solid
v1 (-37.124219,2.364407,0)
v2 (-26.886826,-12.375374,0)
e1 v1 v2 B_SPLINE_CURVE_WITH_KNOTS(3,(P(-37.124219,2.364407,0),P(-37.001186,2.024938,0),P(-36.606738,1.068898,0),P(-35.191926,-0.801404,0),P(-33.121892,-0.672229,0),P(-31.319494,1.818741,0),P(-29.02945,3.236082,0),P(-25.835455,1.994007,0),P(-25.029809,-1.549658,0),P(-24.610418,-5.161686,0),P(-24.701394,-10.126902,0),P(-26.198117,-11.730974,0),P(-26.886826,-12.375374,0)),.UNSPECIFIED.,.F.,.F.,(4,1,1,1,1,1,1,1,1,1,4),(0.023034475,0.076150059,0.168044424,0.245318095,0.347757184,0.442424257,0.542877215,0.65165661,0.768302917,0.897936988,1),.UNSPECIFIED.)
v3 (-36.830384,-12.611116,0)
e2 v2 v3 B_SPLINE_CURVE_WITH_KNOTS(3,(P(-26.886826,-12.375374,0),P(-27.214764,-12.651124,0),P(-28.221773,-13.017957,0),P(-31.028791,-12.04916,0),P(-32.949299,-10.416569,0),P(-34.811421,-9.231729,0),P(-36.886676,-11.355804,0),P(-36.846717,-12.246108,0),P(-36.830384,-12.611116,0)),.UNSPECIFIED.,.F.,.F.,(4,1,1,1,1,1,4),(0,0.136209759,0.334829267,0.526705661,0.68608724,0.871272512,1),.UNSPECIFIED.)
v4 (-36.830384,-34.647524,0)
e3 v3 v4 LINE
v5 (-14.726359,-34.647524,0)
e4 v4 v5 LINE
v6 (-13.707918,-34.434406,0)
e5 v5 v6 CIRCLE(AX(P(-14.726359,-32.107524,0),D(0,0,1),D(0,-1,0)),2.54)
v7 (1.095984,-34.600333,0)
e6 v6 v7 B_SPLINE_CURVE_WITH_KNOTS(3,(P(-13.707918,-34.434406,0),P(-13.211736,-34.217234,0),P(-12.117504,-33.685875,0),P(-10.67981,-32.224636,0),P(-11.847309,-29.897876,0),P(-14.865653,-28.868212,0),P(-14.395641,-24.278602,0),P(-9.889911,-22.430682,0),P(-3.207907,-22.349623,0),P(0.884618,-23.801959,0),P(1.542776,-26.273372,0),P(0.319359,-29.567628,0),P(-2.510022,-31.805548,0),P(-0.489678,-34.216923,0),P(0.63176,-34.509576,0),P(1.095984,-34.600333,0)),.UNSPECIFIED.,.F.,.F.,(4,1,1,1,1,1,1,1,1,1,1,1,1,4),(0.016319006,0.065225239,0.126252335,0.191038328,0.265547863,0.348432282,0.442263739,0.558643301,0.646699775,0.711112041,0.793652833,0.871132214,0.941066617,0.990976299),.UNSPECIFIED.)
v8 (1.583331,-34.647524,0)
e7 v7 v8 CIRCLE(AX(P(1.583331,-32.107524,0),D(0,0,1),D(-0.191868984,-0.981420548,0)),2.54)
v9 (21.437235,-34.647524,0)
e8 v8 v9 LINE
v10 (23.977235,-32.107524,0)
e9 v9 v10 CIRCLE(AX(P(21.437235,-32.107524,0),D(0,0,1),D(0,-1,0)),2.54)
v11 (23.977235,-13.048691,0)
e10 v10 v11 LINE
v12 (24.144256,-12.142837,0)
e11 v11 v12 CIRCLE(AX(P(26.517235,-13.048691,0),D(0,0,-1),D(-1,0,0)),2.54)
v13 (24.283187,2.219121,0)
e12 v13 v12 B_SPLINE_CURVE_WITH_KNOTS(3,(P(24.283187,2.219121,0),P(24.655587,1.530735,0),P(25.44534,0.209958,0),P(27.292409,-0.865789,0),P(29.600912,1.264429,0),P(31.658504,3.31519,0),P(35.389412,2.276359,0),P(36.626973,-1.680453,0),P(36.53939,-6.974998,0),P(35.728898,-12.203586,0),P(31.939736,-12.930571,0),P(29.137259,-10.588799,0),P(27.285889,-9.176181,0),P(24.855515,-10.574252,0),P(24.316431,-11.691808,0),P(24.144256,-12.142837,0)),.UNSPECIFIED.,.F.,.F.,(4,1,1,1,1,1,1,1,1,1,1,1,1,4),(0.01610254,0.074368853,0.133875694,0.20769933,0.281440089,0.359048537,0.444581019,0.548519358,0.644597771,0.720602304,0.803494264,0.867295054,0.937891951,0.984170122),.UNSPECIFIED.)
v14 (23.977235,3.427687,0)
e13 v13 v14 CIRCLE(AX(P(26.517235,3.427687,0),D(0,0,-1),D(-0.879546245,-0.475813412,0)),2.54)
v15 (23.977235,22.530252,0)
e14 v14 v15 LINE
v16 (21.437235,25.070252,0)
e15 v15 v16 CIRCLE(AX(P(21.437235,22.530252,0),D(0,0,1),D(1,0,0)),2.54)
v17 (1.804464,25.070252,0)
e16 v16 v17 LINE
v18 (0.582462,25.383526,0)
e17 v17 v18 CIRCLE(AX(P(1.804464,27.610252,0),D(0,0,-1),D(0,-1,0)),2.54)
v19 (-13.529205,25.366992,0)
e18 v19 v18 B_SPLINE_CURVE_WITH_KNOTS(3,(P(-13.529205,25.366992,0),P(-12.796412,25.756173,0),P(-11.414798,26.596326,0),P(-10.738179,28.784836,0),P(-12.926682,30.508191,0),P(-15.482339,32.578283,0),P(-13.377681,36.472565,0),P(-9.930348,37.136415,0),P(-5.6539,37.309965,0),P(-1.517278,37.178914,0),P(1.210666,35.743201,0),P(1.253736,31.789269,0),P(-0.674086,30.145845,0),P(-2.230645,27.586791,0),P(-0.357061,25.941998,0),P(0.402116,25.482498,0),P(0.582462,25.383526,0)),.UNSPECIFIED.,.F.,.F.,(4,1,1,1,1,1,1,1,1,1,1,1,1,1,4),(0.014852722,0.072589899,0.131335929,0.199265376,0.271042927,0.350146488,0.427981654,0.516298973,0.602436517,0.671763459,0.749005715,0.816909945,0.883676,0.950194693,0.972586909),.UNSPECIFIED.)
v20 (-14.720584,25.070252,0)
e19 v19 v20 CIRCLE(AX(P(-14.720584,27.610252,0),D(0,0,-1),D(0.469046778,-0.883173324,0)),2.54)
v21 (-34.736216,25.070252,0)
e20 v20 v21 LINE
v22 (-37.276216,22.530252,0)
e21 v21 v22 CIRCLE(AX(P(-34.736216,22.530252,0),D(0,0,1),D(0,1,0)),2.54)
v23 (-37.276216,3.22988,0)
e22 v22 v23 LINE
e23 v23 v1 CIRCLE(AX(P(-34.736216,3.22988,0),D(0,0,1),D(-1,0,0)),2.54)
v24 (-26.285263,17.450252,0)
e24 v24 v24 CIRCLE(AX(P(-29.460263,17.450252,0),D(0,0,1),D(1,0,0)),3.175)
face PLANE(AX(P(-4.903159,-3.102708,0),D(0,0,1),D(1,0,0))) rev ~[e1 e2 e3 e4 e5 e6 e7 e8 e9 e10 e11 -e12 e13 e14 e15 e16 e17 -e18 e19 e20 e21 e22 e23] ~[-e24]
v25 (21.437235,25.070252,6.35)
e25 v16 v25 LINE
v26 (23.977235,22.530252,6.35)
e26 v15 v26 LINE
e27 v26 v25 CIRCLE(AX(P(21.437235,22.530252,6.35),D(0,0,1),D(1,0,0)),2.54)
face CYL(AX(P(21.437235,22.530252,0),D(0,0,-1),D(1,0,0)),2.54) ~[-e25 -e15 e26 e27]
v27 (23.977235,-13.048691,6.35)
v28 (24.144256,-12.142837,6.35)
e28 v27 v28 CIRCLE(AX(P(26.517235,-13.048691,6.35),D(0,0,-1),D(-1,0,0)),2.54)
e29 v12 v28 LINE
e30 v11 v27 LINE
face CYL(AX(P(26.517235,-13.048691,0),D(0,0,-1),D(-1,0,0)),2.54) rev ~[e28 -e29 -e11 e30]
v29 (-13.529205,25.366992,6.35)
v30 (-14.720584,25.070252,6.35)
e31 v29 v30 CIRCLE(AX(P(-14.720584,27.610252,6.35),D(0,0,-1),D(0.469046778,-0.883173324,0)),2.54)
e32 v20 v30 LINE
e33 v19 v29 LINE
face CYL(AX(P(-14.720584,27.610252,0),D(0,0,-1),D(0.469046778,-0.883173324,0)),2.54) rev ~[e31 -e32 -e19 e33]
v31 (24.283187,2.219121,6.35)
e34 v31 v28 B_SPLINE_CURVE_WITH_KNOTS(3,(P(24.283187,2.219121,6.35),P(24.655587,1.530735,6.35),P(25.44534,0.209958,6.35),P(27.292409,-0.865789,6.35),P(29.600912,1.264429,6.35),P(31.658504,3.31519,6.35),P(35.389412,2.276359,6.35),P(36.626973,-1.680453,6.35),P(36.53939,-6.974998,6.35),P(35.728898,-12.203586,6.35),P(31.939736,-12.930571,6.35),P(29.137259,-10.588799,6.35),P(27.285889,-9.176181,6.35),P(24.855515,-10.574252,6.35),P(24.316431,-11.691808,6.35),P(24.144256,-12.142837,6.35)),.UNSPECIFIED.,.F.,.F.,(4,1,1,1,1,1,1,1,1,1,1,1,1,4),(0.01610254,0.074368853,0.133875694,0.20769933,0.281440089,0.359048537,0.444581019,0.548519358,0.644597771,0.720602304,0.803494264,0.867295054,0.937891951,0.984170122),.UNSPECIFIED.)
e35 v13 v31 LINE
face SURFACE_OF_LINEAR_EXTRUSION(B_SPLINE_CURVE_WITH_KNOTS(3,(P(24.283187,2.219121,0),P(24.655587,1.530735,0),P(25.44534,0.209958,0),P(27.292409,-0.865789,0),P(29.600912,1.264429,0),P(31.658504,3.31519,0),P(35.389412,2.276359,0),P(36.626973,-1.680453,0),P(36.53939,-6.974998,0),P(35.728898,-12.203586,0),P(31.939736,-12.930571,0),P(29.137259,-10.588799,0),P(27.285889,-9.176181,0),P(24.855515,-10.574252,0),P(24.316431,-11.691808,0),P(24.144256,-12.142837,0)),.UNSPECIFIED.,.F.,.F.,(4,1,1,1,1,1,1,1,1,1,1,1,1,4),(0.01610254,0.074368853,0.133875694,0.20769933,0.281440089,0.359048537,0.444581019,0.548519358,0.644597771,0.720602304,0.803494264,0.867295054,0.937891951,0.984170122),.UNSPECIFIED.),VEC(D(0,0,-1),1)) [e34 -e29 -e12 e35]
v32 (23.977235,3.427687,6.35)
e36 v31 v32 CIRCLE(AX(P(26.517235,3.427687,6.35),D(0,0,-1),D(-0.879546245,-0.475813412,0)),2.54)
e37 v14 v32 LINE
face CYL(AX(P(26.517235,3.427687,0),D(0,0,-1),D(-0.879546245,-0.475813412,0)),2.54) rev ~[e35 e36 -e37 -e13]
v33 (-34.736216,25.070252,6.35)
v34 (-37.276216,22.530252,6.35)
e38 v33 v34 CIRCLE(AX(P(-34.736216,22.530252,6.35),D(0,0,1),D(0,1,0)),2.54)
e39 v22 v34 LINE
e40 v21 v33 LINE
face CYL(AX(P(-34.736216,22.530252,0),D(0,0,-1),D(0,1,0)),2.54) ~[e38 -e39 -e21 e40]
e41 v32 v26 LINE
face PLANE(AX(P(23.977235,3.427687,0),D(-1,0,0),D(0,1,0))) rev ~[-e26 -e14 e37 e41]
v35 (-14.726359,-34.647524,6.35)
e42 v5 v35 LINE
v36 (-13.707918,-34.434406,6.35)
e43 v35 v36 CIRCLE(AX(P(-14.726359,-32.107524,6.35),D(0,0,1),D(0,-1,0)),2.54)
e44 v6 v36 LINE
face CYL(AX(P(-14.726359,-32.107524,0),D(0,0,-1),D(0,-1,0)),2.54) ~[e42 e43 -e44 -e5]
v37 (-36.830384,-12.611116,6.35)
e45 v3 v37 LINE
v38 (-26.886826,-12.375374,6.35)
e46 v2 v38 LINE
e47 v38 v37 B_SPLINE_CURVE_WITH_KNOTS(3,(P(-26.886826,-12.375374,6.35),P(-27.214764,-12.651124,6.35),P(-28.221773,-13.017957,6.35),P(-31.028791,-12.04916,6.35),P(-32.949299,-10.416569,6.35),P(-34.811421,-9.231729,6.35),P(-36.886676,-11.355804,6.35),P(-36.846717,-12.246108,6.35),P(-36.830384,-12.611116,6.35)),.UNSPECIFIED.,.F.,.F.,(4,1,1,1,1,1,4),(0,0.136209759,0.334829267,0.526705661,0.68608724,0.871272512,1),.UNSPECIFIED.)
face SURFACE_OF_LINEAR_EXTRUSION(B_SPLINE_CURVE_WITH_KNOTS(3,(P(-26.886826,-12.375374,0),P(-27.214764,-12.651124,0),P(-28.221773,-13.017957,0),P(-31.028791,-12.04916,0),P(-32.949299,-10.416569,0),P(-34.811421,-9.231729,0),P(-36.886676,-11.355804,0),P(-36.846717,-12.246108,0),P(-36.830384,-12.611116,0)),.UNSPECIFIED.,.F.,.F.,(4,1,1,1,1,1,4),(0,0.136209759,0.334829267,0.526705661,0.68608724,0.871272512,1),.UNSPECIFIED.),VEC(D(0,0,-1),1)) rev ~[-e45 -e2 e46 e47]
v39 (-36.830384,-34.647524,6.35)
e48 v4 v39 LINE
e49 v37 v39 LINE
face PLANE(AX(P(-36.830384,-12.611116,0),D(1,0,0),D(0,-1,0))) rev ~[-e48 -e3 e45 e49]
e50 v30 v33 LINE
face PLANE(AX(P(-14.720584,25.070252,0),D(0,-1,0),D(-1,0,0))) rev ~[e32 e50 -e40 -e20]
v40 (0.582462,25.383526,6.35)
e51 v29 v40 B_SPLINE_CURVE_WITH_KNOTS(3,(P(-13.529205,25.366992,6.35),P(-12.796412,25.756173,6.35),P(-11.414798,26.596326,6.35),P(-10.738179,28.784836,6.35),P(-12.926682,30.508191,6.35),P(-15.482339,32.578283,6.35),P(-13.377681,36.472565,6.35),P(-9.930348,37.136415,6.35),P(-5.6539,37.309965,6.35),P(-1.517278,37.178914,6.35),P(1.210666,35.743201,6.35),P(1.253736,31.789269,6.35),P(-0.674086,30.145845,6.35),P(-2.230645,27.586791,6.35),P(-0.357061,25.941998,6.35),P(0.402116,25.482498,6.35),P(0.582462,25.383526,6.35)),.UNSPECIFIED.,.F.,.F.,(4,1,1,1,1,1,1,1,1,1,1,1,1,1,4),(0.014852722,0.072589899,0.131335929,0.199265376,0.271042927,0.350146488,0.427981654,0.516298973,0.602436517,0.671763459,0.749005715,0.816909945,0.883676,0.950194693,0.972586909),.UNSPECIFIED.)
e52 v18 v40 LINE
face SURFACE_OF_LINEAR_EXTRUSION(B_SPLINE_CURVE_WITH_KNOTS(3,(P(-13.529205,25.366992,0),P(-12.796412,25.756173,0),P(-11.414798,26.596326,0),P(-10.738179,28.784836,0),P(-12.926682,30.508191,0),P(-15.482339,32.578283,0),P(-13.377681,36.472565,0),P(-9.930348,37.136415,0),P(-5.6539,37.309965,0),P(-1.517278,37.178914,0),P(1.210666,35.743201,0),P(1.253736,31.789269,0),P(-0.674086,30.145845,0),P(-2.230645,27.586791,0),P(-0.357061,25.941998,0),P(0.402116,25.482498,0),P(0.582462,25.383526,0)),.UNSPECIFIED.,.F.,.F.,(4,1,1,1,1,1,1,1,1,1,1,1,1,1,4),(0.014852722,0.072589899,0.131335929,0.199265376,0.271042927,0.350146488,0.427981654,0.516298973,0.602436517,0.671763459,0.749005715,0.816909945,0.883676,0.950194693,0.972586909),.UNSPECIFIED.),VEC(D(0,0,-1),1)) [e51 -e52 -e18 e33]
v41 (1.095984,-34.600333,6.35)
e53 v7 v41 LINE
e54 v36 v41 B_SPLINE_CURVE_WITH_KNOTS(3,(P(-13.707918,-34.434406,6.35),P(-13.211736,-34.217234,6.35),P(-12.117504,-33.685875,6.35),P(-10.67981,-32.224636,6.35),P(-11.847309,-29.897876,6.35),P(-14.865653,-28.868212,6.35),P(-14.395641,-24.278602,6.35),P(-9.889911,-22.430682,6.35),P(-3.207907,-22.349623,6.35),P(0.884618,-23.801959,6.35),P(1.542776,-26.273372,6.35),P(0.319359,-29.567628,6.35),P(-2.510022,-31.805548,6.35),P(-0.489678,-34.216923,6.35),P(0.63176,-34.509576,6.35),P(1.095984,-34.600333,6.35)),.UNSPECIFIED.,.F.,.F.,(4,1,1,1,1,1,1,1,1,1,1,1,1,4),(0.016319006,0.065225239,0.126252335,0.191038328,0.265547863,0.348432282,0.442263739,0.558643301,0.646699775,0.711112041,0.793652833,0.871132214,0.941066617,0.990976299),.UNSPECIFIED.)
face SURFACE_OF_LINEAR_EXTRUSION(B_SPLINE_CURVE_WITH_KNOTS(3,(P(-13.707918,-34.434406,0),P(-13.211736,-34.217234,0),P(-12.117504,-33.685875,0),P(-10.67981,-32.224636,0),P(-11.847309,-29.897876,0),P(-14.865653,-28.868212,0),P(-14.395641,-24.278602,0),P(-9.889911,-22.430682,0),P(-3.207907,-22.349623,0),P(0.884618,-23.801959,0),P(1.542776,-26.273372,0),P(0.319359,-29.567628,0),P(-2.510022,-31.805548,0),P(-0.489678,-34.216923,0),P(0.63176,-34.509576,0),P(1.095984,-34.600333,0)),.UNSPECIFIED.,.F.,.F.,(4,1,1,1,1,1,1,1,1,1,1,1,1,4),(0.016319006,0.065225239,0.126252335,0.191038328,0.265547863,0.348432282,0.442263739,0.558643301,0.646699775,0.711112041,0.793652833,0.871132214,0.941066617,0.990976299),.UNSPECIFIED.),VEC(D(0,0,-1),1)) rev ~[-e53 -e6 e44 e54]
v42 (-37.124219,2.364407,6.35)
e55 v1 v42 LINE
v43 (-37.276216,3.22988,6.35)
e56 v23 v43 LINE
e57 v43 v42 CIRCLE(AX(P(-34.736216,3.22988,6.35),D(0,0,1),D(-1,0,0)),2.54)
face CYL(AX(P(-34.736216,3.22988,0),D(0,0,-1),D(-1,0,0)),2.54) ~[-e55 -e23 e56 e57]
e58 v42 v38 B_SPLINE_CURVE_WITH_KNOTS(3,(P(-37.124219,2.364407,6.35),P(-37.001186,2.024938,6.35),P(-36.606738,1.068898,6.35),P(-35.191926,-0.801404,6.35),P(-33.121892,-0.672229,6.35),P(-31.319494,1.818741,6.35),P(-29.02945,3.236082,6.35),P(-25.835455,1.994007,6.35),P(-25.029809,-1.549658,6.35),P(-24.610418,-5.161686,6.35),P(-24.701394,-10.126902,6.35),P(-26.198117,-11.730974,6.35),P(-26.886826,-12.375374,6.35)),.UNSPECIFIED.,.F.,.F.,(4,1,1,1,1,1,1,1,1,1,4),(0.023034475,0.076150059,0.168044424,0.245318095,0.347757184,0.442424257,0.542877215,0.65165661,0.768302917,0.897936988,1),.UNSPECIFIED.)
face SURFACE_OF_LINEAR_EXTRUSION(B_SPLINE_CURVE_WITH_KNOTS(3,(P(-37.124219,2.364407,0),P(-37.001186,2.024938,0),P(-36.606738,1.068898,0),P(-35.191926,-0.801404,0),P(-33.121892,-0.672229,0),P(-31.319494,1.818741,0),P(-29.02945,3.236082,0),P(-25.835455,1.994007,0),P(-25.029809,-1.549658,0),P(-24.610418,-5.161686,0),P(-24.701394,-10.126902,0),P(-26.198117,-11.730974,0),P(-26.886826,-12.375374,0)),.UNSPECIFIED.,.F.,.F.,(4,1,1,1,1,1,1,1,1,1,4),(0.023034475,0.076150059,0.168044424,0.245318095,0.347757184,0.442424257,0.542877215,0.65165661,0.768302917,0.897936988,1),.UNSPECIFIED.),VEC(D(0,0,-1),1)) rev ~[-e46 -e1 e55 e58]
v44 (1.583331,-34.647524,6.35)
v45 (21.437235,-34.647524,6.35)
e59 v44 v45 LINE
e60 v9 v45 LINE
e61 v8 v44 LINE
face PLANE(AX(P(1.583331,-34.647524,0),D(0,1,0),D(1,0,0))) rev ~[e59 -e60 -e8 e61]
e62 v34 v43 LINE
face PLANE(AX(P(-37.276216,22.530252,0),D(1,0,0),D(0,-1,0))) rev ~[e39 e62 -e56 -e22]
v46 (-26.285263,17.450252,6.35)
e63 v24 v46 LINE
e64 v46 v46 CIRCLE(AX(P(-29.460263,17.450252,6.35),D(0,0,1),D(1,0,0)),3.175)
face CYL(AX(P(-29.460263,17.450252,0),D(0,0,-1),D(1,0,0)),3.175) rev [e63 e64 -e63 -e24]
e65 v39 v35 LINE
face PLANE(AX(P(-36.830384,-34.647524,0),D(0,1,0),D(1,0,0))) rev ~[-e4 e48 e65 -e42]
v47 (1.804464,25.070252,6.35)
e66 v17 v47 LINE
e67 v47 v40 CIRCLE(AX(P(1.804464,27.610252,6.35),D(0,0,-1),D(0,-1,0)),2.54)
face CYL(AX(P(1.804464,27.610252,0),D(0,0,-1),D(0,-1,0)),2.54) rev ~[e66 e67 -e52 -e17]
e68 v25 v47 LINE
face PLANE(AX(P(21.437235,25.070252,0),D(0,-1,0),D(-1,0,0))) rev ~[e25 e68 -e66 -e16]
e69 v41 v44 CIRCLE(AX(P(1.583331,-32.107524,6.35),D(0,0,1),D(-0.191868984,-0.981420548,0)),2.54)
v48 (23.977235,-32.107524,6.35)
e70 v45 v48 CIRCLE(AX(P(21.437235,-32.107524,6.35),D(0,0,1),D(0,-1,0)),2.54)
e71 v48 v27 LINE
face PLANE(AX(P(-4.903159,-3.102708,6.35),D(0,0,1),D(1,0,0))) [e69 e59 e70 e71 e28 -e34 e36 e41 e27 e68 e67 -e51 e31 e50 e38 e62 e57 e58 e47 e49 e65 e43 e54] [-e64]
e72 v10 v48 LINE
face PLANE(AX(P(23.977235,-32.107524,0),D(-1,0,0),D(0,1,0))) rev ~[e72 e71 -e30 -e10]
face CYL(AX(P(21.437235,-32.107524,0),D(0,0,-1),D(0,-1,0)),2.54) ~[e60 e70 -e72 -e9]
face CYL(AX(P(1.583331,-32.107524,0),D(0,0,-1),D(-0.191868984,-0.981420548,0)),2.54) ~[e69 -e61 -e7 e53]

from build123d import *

# Parameters (mm, degrees)
F0_R     = 3.175
F1_DEPTH = 6.35


with BuildPart() as f1:
    # F0 (on Top) → F1 (new body)
    with BuildSketch(Plane.XY):
        with BuildLine():
            Line((-14.7205842293, 25.070251897), (-34.7362158513, 25.070251897))
            ThreePointArc((-34.7362158513, 25.070251897), (-36.5322670755, 24.3263031212), (-37.2762158513, 22.530251897))
            Line((-37.2762158513, 22.530251897), (-37.2762158513, 3.229879867))
            ThreePointArc((-37.2762158513, 3.229879867), (-37.2379279527, 2.7905206045), (-37.1242185587, 2.3644071238))
            add(Edge.make_bspline(
                [(-37.1242185587, 2.3644071238), (-37.0011861658, 2.0249375221), (-36.6067380375, 1.0688980394), (-35.1919259828, -0.8014039748), (-33.1218919934, -0.6722293266), (-31.3194937438, 1.8187412636), (-29.0294500069, 3.2360817686), (-25.8354551222, 1.9940070569), (-25.029808816, -1.5496575863), (-24.610418326, -5.1616861694), (-24.7013941777, -10.1269020978), (-26.1981170624, -11.7309736088), (-26.8868263811, -12.3753743246)],
                knots=[0.0230344746, 0.0230344746, 0.0230344746, 0.0230344746, 0.0761500594, 0.168044424, 0.2453180954, 0.3477571843, 0.4424242567, 0.5428772152, 0.6516566102, 0.7683029167, 0.8979369876, 1, 1, 1, 1], degree=3))
            add(Edge.make_bspline(
                [(-26.8868263811, -12.3753743246), (-27.2147636861, -12.6511240378), (-28.2217726227, -13.0179571048), (-31.0287906683, -12.0491603808), (-32.9492993786, -10.4165694497), (-34.811420611, -9.2317294219), (-36.886676041, -11.3558036924), (-36.8467170012, -12.2461082212), (-36.8303842843, -12.6111162826)],
                knots=[0, 0, 0, 0, 0.1362097591, 0.3348292665, 0.5267056608, 0.6860872401, 0.8712725118, 1, 1, 1, 1], degree=3))
            Line((-36.8303842843, -12.6111162826), (-36.8303842843, -34.6475243568))
            Line((-36.8303842843, -34.6475243568), (-14.7263594354, -34.6475243568))
            ThreePointArc((-14.7263594354, -34.6475243568), (-14.2061091032, -34.5936739082), (-13.7079183881, -34.4344059252))
            add(Edge.make_bspline(
                [(-13.7079183881, -34.4344059252), (-13.211735557, -34.2172341666), (-12.1175038144, -33.6858751327), (-10.6798102342, -32.2246364407), (-11.8473089916, -29.8978763621), (-14.8656525924, -28.8682122165), (-14.3956413318, -24.2786017194), (-9.8899107152, -22.4306823304), (-3.2079066899, -22.3496233861), (0.8846184437, -23.8019589472), (1.5427764599, -26.2733724055), (0.3193591182, -29.5676278437), (-2.5100216453, -31.805547558), (-0.4896775113, -34.2169231243), (0.6317599775, -34.5095762216), (1.0959836565, -34.60033255)],
                knots=[0.016319006, 0.016319006, 0.016319006, 0.016319006, 0.0652252388, 0.1262523351, 0.1910383283, 0.2655478629, 0.3484322823, 0.4422637385, 0.5586433006, 0.6466997753, 0.7111120415, 0.7936528332, 0.8711322138, 0.9410666169, 0.9909762992, 0.9909762992, 0.9909762992, 0.9909762992], degree=3))
            ThreePointArc((1.0959836565, -34.60033255), (1.3385174883, -34.6356988772), (1.5833308757, -34.6475243568))
            Line((1.5833308757, -34.6475243568), (21.4372349596, -34.6475243568))
            ThreePointArc((21.4372349596, -34.6475243568), (23.2332861838, -33.9035755811), (23.9772349596, -32.1075243568))
            Line((23.9772349596, -32.1075243568), (23.9772349596, -13.0486912418))
            ThreePointArc((23.9772349596, -13.0486912418), (24.0193392405, -12.5881296538), (24.1442562008, -12.1428370536))
            add(Edge.make_bspline(
                [(24.2831874977, 2.2191206229), (24.6555873823, 1.5307354036), (25.4453397597, 0.2099576641), (27.292409083, -0.8657891373), (29.6009117808, 1.2644287621), (31.6585039096, 3.3151896283), (35.3894116276, 2.276359356), (36.6269728868, -1.6804528831), (36.5393902719, -6.9749975027), (35.7288982773, -12.2035855094), (31.9397361262, -12.9305713233), (29.1372590259, -10.5887987484), (27.285888876, -9.1761811196), (24.8555149823, -10.5742521875), (24.3164307935, -11.6918078961), (24.1442562008, -12.1428370536)],
                knots=[0.0161025399, 0.0161025399, 0.0161025399, 0.0161025399, 0.0743688535, 0.1338756938, 0.2076993295, 0.2814400893, 0.3590485368, 0.444581019, 0.5485193577, 0.6445977714, 0.7206023036, 0.8034942636, 0.8672950536, 0.9378919507, 0.9841701215, 0.9841701215, 0.9841701215, 0.9841701215], degree=3))
            ThreePointArc((24.2831874977, 2.2191206229), (24.054910798, 2.8043411007), (23.9772349596, 3.4276866898))
            Line((23.9772349596, 3.4276866898), (23.9772349596, 22.530251897))
            ThreePointArc((23.9772349596, 22.530251897), (23.2332861838, 24.3263031212), (21.4372349596, 25.070251897))
            Line((21.4372349596, 25.070251897), (1.8044644165, 25.070251897))
            ThreePointArc((1.8044644165, 25.070251897), (1.1737046655, 25.1498165419), (0.5824615882, 25.3835258052))
            add(Edge.make_bspline(
                [(-13.5292054128, 25.3669916545), (-12.7964116939, 25.7561729439), (-11.4147978122, 26.5963261817), (-10.7381786451, 28.7848363904), (-12.9266818208, 30.5081911692), (-15.4823393688, 32.5782831897), (-13.3776809283, 36.4725650152), (-9.9303481674, 37.1364148431), (-5.6538995668, 37.3099649325), (-1.5172776582, 37.1789141127), (1.2106663529, 35.7432014992), (1.2537356698, 31.7892693006), (-0.674086423, 30.1458446744), (-2.2306446353, 27.5867910757), (-0.3570614527, 25.9419977563), (0.4021157319, 25.4824976309), (0.5824615882, 25.3835258052)],
                knots=[0.0148527222, 0.0148527222, 0.0148527222, 0.0148527222, 0.0725898993, 0.1313359286, 0.1992653761, 0.2710429273, 0.3501464884, 0.4279816536, 0.5162989735, 0.6024365169, 0.671763459, 0.7490057155, 0.8169099449, 0.8836759997, 0.9501946929, 0.9725869093, 0.9725869093, 0.9725869093, 0.9725869093], degree=3))
            ThreePointArc((-13.5292054128, 25.3669916545), (-14.1066954022, 25.1455530294), (-14.7205842293, 25.070251897))
        make_face()
        with Locations((-29.4602634757, 17.450251897)):
            Circle(F0_R, mode=Mode.SUBTRACT)
    extrude(amount=F1_DEPTH)


solid = f1.part
